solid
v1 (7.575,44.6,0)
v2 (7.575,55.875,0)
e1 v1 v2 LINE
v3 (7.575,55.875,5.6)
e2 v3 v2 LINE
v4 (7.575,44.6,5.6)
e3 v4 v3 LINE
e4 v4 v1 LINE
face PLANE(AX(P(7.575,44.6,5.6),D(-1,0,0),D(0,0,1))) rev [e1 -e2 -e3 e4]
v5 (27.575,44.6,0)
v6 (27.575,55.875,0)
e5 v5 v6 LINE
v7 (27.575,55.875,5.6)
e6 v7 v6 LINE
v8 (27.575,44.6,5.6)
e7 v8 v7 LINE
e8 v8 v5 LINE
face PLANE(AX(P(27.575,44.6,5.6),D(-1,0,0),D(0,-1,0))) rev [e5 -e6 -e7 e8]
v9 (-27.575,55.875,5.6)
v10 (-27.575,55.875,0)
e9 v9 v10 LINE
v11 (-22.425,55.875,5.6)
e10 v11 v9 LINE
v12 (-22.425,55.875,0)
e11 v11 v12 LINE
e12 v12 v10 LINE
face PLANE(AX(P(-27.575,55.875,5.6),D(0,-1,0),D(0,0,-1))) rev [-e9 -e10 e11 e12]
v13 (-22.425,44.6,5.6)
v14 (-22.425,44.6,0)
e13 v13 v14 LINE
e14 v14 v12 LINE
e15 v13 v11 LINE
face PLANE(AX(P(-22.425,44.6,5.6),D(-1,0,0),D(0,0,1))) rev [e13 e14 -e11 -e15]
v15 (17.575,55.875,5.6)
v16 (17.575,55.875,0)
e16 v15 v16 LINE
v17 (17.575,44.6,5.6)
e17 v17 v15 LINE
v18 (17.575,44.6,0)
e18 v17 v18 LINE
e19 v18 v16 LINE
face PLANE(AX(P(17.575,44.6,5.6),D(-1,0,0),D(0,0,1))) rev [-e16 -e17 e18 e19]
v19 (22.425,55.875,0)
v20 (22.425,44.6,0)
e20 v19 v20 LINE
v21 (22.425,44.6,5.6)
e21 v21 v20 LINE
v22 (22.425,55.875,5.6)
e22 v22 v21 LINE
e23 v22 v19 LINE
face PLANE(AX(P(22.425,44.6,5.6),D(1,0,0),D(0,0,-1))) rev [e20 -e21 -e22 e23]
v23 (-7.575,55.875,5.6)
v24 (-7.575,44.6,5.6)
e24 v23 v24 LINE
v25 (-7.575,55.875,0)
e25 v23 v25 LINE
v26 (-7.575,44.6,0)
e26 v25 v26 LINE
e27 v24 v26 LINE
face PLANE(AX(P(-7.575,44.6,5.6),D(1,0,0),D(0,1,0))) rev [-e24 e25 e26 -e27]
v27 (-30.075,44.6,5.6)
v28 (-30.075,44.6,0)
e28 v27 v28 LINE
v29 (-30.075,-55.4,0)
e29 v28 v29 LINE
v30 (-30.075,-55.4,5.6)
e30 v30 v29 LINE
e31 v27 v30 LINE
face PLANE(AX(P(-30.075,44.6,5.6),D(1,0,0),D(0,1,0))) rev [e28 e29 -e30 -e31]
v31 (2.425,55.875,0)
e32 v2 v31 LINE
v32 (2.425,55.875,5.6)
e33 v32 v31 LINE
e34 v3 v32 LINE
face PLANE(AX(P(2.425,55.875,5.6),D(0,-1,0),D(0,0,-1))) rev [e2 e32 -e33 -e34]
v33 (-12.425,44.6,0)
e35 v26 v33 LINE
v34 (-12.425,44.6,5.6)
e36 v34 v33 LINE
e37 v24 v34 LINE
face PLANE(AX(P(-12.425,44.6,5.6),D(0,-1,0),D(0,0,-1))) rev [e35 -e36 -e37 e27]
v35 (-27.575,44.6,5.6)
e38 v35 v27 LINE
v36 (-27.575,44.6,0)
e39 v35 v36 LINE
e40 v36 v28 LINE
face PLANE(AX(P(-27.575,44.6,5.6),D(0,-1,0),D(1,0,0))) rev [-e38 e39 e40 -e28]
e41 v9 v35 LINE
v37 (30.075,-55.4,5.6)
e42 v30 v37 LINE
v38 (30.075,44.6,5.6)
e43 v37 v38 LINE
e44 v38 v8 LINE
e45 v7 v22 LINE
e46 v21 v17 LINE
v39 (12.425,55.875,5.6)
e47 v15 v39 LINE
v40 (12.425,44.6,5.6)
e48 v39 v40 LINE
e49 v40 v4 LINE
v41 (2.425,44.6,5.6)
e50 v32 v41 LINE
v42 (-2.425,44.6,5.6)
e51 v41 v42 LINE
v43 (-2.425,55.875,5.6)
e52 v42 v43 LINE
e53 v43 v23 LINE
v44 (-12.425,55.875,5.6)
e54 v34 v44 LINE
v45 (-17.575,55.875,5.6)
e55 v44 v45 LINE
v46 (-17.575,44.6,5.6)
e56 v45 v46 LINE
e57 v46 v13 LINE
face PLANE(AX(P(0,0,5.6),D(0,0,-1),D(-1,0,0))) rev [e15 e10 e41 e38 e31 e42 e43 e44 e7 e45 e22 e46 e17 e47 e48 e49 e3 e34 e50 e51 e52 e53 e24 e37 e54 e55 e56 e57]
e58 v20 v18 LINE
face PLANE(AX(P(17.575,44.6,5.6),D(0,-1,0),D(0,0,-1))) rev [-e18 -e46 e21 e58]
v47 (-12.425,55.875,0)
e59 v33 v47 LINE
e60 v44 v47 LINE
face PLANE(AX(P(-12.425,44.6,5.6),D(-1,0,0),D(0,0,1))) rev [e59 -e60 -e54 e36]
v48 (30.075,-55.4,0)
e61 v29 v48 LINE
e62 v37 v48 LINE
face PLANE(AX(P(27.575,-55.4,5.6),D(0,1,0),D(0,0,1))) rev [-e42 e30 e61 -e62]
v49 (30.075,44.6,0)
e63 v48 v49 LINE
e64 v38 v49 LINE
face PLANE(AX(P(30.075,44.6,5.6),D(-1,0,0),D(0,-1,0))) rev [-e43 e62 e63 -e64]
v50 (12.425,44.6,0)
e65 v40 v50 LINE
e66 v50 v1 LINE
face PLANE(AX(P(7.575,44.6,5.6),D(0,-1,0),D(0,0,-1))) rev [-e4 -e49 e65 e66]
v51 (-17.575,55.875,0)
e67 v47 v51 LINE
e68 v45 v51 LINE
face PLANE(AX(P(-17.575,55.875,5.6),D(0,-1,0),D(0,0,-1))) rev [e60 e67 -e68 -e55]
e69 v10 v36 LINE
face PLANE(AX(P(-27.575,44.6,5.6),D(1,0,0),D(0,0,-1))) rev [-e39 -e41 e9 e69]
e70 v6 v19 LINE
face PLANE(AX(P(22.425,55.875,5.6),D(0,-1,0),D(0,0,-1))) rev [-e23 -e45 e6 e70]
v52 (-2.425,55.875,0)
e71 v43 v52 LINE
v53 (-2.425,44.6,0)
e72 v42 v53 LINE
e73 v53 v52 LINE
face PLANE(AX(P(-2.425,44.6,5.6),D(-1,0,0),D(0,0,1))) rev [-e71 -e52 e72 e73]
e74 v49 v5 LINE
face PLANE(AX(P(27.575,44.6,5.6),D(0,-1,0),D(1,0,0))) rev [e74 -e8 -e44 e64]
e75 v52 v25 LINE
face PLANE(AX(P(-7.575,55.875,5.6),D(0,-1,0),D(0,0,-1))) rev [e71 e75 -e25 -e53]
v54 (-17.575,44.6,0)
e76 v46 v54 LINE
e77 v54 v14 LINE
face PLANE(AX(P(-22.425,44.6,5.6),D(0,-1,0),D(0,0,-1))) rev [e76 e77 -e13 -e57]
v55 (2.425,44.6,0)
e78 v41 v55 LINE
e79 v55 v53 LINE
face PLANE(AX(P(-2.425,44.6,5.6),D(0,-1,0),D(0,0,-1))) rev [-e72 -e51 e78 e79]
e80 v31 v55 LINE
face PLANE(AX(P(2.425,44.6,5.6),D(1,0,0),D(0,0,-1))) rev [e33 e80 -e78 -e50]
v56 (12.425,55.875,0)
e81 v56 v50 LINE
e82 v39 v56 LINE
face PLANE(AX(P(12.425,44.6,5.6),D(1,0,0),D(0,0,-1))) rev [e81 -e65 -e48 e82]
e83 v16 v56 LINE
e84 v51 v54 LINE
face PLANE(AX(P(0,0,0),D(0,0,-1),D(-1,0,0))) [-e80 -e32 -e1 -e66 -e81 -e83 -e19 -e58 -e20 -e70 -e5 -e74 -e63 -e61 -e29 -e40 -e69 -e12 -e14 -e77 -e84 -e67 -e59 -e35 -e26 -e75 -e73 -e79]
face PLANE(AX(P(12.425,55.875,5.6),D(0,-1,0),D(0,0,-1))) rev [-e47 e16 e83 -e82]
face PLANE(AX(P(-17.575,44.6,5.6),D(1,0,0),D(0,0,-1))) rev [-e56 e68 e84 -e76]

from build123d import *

# Parameters (mm, degrees)
ESTRUSIONE_ESTRUSIONE1_DEPTH = 5.6


with BuildPart() as part:
    # Schizzo1 → Estrusione-Estrusione1 (new body)
    with BuildSketch(Plane.XY):
        Polygon((-17.575, 55.875), (-12.425, 55.875), (-12.425, 44.6), (-7.575, 44.6), (-7.575, 55.875), (-2.425, 55.875), (-2.425, 44.6), (2.425, 44.6), (2.425, 55.875), (7.575, 55.875), (7.575, 44.6), (12.425, 44.6), (12.425, 55.875), (17.575, 55.875), (17.575, 44.6), (22.425, 44.6), (22.425, 55.875), (27.575, 55.875), (27.575, 44.6), (30.075, 44.6), (30.075, -55.4), (27.575, -55.4), (-27.575, -55.4), (-30.075, -55.4), (-30.075, 44.6), (-27.575, 44.6), (-27.575, 55.875), (-22.425, 55.875), (-22.425, 44.6), (-17.575, 44.6), align=None)
    extrude(amount=ESTRUSIONE_ESTRUSIONE1_DEPTH)


solid = part.part
